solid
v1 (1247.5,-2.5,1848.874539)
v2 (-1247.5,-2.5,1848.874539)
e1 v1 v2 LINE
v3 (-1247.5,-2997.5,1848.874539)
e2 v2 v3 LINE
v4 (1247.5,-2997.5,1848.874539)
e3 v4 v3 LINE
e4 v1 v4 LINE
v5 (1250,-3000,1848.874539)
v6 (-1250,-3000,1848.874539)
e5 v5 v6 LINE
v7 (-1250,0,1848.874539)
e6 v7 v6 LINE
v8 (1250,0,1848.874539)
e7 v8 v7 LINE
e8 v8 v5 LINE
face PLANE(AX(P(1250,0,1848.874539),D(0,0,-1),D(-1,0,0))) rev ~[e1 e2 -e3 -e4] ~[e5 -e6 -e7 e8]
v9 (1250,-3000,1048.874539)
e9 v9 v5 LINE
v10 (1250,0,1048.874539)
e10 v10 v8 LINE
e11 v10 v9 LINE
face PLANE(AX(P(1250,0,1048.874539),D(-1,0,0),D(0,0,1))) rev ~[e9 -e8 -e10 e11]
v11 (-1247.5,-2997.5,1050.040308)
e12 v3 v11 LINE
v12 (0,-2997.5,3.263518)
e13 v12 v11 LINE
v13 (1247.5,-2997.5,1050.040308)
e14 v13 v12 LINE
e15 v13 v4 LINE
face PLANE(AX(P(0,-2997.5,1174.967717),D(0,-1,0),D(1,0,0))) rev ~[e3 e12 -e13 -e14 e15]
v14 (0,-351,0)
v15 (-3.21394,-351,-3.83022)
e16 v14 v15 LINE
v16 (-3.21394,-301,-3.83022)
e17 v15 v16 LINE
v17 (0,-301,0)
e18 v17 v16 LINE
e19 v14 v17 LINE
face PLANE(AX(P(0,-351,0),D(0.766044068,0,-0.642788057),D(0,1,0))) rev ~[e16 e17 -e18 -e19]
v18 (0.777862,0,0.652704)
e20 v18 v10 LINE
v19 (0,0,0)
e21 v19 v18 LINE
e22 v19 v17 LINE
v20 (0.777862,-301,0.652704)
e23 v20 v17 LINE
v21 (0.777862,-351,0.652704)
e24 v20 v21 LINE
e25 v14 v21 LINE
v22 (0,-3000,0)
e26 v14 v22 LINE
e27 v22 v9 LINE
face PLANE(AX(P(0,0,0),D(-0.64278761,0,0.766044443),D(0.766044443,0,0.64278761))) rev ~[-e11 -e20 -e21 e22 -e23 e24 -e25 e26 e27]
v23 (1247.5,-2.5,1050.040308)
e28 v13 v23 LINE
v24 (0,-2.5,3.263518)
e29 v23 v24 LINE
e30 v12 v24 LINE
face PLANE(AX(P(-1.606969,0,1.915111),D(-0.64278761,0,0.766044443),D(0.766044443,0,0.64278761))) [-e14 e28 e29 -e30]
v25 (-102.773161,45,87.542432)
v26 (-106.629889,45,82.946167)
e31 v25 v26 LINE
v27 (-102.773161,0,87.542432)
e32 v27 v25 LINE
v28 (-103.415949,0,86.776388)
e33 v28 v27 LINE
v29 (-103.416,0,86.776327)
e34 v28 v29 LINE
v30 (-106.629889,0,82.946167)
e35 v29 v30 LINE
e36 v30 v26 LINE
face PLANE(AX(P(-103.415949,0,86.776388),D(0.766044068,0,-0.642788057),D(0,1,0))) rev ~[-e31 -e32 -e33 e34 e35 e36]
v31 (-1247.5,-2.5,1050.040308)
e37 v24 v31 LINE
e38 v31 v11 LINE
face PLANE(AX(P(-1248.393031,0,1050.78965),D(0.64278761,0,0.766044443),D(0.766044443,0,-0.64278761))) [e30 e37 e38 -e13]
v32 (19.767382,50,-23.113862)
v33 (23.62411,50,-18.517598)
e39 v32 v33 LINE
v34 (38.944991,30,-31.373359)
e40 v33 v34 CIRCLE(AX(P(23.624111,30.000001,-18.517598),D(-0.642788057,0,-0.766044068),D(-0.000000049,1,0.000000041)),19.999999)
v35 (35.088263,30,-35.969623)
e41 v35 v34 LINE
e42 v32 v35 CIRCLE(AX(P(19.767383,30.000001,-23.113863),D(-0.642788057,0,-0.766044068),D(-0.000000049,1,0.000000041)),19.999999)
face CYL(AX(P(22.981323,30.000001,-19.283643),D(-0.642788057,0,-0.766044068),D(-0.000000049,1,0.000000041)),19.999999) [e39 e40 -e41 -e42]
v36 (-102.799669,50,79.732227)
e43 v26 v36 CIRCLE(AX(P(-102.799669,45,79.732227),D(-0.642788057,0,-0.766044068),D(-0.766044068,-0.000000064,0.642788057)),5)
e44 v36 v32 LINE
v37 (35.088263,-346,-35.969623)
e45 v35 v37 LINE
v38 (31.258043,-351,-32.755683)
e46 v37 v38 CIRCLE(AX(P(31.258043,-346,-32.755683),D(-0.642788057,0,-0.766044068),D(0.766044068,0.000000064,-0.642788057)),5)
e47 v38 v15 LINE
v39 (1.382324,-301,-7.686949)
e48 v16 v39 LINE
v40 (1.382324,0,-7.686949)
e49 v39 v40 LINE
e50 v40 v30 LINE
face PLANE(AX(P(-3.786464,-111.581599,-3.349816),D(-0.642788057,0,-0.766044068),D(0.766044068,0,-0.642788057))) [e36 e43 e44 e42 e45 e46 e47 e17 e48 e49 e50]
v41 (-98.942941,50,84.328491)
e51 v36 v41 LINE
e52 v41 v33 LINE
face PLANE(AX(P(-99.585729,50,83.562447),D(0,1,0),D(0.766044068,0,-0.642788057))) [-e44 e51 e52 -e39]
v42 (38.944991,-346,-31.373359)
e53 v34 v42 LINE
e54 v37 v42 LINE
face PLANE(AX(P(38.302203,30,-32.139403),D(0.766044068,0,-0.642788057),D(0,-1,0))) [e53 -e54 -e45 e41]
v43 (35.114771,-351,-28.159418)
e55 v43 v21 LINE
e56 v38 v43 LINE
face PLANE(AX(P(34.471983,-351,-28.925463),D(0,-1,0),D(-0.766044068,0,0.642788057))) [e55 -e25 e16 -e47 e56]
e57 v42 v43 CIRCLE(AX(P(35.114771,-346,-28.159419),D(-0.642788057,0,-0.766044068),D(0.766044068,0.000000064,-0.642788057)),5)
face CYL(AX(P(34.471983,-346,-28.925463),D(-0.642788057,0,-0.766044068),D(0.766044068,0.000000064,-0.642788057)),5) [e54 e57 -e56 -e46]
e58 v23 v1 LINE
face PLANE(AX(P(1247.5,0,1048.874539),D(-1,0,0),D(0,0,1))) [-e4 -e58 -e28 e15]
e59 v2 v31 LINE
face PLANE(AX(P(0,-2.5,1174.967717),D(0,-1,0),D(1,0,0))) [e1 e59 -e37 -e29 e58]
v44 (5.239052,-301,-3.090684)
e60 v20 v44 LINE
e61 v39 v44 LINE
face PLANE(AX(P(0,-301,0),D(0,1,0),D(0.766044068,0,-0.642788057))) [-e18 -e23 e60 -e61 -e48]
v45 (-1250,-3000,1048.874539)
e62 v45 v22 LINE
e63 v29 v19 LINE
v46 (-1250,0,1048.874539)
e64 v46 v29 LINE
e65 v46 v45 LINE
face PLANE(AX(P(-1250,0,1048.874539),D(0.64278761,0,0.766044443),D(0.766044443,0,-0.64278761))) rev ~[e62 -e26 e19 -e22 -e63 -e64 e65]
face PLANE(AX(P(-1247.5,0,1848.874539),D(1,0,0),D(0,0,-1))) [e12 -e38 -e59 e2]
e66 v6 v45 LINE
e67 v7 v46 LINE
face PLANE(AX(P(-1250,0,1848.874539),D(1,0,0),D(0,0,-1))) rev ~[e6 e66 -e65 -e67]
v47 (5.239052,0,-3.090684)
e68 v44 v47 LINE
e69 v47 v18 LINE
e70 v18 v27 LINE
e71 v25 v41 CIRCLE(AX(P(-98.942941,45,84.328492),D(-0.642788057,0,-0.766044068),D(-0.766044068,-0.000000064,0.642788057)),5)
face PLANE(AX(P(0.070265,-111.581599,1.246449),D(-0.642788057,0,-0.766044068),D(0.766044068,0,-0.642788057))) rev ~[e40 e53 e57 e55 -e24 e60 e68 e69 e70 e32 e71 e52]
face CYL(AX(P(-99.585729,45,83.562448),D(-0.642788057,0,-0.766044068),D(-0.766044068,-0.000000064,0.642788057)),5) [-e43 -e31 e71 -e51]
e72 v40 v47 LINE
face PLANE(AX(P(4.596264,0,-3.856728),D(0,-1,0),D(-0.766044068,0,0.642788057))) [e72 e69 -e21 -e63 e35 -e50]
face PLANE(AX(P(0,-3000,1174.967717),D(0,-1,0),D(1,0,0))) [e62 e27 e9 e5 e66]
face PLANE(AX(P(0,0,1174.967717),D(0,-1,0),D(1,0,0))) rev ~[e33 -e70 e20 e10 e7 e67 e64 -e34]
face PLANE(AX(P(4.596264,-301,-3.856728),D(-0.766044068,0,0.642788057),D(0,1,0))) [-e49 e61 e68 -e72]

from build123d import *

# Parameters (mm, degrees)
F1_DEPTH      = 3000
F2_T          = -2.5
F4_DEPTH      = 5
F4_DEPTH_BACK = 1


with BuildPart() as f1:
    # F0 (on Front) → F1 (new body)
    with BuildSketch(Plane.XZ):
        Polygon((-1250, 1048.874539), (0, 0), (1250, 1048.874539), (1250, 1848.874539), (0, 1848.874539), (-1250, 1848.874539), align=None)
    extrude(amount=F1_DEPTH)

    # F2
    f2_openings = [f1.faces().sort_by_distance(p)[0] for p in [
        (0, -1500, 1848.874539),
    ]]
    offset(amount=F2_T, openings=f2_openings)

    # F3 (on face) → F4 (join, two sides)
    with BuildSketch(Plane(origin=(0, 0, 0), x_dir=(0.766044, 0, -0.642788), z_dir=(-0.642788, 0, -0.766044))) as f4_sk:
        with BuildLine():
            Line((6, 0), (-135, 0))
            Line((-135, 0), (-135, -45))
            ThreePointArc((-135, -45), (-133.535534, -48.535534), (-130, -50))
            Line((-130, -50), (30, -50))
            ThreePointArc((30, -50), (44.142136, -44.142136), (50, -30))
            Line((50, -30), (50, 346))
            ThreePointArc((50, 346), (48.535534, 349.535534), (45, 351))
            Line((45, 351), (0, 351))
            Line((0, 351), (0, 301))
            Line((0, 301), (6, 301))
            Line((6, 301), (6, 0))
        make_face()
    extrude(amount=F4_DEPTH)
    extrude(f4_sk.sketch, amount=-F4_DEPTH_BACK)


solid = f1.part
